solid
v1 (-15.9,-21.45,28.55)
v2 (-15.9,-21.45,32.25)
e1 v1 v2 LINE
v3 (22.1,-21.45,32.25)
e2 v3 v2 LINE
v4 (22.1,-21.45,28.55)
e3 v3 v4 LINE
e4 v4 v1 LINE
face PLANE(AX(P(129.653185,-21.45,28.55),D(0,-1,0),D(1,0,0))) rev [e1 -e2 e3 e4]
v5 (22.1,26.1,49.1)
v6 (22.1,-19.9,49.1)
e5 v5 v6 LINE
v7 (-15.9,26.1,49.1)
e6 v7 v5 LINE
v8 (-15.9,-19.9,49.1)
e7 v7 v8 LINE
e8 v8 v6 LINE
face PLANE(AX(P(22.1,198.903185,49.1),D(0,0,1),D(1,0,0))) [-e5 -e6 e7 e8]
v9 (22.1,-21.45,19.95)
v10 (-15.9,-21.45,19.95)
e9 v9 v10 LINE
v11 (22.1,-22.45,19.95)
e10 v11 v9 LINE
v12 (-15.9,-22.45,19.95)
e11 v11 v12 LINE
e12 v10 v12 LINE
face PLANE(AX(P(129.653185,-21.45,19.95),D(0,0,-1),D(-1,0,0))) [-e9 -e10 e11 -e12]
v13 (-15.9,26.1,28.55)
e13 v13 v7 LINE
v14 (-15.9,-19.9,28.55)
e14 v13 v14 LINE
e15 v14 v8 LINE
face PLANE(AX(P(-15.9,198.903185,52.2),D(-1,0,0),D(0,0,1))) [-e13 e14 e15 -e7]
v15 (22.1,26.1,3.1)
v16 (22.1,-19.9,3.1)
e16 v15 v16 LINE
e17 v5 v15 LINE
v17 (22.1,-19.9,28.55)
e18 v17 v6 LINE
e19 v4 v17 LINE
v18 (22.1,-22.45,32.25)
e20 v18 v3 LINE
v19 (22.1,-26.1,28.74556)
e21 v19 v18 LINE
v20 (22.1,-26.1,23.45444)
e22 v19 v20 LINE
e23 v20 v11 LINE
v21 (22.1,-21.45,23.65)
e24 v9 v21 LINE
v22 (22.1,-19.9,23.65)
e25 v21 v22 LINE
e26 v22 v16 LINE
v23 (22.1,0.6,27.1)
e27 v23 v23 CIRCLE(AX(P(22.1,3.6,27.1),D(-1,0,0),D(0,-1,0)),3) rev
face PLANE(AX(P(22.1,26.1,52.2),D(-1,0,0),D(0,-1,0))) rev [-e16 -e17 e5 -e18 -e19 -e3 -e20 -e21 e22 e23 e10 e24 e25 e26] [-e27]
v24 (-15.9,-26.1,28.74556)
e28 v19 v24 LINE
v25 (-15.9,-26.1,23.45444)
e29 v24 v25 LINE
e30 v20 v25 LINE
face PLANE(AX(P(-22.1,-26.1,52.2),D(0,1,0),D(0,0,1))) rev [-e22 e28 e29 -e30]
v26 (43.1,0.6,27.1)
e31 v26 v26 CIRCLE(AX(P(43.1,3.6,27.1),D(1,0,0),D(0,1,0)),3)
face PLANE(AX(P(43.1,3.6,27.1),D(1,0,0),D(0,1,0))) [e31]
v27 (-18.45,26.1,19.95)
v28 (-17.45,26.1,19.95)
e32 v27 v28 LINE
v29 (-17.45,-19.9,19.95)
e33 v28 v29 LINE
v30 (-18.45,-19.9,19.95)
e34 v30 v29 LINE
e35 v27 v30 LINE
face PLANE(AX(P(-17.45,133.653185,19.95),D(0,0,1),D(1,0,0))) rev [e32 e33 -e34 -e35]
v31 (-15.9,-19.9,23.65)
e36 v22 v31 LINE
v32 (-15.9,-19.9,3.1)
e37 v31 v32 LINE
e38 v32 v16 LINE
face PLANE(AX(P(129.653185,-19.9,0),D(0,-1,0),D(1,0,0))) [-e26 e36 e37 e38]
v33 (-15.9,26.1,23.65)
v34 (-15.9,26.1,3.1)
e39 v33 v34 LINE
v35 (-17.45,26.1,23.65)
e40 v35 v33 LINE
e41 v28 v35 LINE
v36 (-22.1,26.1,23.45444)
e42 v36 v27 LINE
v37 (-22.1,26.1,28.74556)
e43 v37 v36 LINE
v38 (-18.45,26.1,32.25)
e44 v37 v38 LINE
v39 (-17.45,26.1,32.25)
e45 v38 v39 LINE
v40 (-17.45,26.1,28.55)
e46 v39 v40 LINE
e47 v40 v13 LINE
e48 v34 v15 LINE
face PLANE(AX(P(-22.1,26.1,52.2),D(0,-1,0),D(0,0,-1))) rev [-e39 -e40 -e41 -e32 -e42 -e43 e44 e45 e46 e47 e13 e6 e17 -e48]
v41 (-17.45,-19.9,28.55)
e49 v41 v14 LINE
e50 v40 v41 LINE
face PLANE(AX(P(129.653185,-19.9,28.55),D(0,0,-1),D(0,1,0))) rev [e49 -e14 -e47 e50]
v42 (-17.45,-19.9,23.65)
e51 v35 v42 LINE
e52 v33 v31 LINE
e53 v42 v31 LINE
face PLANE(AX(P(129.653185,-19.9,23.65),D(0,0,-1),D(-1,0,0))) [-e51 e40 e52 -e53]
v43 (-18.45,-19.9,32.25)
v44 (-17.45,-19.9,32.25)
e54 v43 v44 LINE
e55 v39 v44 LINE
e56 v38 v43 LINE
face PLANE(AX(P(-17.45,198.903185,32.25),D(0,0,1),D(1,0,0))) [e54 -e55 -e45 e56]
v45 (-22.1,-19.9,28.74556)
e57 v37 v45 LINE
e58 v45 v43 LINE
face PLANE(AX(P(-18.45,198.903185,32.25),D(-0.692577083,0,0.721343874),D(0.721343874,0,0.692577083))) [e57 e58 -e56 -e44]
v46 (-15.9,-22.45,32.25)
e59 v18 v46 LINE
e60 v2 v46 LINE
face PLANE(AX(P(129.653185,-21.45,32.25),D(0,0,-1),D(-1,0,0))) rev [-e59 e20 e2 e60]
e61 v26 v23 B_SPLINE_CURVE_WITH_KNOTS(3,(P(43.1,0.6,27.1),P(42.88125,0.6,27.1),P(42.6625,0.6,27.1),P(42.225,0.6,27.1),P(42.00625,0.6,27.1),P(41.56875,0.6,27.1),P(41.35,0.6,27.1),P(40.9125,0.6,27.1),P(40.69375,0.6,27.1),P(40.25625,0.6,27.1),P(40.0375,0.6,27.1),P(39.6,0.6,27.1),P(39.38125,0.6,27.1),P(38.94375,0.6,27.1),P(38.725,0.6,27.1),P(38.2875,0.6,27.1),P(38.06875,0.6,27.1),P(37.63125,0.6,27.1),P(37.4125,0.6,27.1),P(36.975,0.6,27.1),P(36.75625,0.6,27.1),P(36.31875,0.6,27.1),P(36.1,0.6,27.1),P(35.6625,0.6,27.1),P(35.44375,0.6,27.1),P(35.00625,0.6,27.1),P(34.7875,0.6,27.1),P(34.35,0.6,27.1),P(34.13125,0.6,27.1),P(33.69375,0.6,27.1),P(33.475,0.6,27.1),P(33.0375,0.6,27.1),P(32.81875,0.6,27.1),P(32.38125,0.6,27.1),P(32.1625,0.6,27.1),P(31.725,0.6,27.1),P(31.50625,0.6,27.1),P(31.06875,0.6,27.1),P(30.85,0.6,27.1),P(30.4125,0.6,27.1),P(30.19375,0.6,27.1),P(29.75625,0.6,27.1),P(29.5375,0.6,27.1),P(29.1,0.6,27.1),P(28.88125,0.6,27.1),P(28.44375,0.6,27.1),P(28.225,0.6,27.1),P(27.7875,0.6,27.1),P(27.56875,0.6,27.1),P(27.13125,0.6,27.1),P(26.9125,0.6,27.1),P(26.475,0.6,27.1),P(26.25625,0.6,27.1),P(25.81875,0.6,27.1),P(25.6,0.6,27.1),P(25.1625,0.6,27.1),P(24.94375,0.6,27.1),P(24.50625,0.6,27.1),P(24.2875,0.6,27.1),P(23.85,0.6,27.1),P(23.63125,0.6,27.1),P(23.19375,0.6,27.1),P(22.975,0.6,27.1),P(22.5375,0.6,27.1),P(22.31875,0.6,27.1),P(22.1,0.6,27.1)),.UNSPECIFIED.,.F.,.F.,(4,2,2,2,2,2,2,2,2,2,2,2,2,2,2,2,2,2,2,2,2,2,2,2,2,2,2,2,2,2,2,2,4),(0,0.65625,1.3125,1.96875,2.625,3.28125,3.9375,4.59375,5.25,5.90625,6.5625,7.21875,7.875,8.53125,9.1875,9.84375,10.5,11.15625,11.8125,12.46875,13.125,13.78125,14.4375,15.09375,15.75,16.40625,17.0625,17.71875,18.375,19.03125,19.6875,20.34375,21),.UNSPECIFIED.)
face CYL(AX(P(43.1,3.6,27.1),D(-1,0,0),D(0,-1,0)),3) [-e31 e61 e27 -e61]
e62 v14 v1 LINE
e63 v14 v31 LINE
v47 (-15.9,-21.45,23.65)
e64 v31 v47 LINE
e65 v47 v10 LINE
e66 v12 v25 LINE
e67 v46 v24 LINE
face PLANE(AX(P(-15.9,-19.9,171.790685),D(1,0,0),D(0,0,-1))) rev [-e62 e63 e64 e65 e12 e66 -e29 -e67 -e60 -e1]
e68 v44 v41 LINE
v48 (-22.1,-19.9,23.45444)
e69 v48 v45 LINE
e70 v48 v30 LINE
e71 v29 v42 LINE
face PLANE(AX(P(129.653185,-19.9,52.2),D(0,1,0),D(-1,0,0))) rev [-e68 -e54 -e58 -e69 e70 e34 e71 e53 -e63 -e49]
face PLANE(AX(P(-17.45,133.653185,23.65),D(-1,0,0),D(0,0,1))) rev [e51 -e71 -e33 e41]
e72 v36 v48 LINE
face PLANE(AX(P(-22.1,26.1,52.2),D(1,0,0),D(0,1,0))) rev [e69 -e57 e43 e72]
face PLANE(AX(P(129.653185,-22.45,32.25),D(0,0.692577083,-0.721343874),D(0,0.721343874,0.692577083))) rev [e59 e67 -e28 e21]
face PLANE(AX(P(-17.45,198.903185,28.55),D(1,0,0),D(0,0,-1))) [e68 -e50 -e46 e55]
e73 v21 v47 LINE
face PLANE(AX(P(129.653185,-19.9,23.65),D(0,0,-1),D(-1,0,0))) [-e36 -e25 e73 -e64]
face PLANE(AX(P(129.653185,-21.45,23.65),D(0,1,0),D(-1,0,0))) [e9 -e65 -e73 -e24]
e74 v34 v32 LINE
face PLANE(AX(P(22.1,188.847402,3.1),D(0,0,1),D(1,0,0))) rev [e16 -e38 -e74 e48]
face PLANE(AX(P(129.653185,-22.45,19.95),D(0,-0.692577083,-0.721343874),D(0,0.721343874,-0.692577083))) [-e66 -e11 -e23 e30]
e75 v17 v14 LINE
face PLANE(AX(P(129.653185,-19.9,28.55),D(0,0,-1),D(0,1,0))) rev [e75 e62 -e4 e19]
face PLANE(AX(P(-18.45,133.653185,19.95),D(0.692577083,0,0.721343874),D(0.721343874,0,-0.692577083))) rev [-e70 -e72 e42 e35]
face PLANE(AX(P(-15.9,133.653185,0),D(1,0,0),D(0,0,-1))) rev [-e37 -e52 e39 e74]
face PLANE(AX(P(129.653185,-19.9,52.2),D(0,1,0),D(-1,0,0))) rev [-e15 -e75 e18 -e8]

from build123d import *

# Parameters (mm, degrees)
ESQUISSE1_W                  = 44.2
ESQUISSE1_H                  = 52.2
BOSS_EXTRU_1_DEPTH           = 52.2
ENL_V_MAT_EXTRU_2_DEPTH      = 74.209903702
ENL_V_MAT_EXTRU_2_DEPTH_BACK = 44.2
ENL_V_MAT_EXTRU_3_DEPTH      = 74.209903702
ENL_V_MAT_EXTRU_3_DEPTH_BACK = 44.2
ENL_V_MAT_EXTRU_4_DEPTH      = 78.059003368
ENL_V_MAT_EXTRU_4_DEPTH_BACK = 46
ENL_V_MAT_EXTRU_5_DEPTH      = 78.059003368
ENL_V_MAT_EXTRU_5_DEPTH_BACK = 46
ENL_V_MAT_EXTRU_7_DEPTH      = 45.550224466
ENL_V_MAT_EXTRU_7_DEPTH_BACK = 45.550224466
ENL_V_MAT_EXTRU_8_DEPTH      = 78.059003368
ENL_V_MAT_EXTRU_8_DEPTH_BACK = 46
ENL_V_MAT_EXTRU_9_DEPTH      = 75.993733072
ENL_V_MAT_EXTRU_9_DEPTH_BACK = 46
ESQUISSE13_R                 = 3
BOSS_EXTRU_2_DEPTH           = 21


with BuildPart() as part:
    # Esquisse1 → Boss.-Extru.1 (new body)
    with BuildSketch(Plane.XY):
        Rectangle(ESQUISSE1_W, ESQUISSE1_H)
    extrude(amount=BOSS_EXTRU_1_DEPTH)

    # Esquisse2 → Enlèv. mat.-Extru.2 (cut, two sides: drawn at the far end of the back side and taken through both)
    with BuildSketch(Plane(origin=(22.1, 0, 0), x_dir=(0, 0, -1), z_dir=(1, 0, 0)).offset(-ENL_V_MAT_EXTRU_2_DEPTH_BACK)):
        Polygon((-201.352290675, -19.9), (-52.2, -19.9), (-28.55, -19.9), (-28.55, -21.45), (-32.25, -21.45), (-32.25, -22.45), (-28.745559959, -26.1), (74.553898465, -133.690091099), (-39.180744024, -409.461834307), (-315.086933163, -295.671743208), align=None)
    extrude(amount=ENL_V_MAT_EXTRU_2_DEPTH + ENL_V_MAT_EXTRU_2_DEPTH_BACK, mode=Mode.SUBTRACT)

    # Esquisse3 → Enlèv. mat.-Extru.3 (cut, two sides: drawn at the far end of the back side and taken through both)
    with BuildSketch(Plane(origin=(22.1, 0, 0), x_dir=(0, 0, -1), z_dir=(1, 0, 0)).offset(-ENL_V_MAT_EXTRU_3_DEPTH_BACK)):
        Polygon((149.152290675, -19.9), (0, -19.9), (-23.65, -19.9), (-23.65, -21.45), (-19.95, -21.45), (-19.95, -22.45), (-23.454440041, -26.1), (-126.753898465, -133.690091099), (-13.019255976, -409.461834307), (262.886933163, -295.671743208), align=None)
    extrude(amount=ENL_V_MAT_EXTRU_3_DEPTH + ENL_V_MAT_EXTRU_3_DEPTH_BACK, mode=Mode.SUBTRACT)

    # Esquisse4 → Enlèv. mat.-Extru.4 (cut, two sides: drawn at the far end of the back side and taken through both)
    with BuildSketch(Plane(origin=(0, 26.1, 0), x_dir=(1, 0, 0), z_dir=(0, 1, 0)).offset(-ENL_V_MAT_EXTRU_4_DEPTH_BACK)):
        Polygon((-15.9, -191.333109619), (-15.9, -52.2), (-15.9, -28.55), (-17.45, -28.55), (-17.45, -32.25), (-18.45, -32.25), (-22.1, -28.745559959), (-122.462816227, 67.614843274), (-379.791464965, -38.281593439), (-273.228648738, -297.229546332), align=None)
    extrude(amount=ENL_V_MAT_EXTRU_4_DEPTH + ENL_V_MAT_EXTRU_4_DEPTH_BACK, mode=Mode.SUBTRACT)

    # Esquisse5 → Enlèv. mat.-Extru.5 (cut, two sides: drawn at the far end of the back side and taken through both)
    with BuildSketch(Plane(origin=(0, 26.1, 0), x_dir=(1, 0, 0), z_dir=(0, 1, 0)).offset(-ENL_V_MAT_EXTRU_5_DEPTH_BACK)):
        Polygon((-15.9, 139.133109619), (-15.9, 0), (-15.9, -23.65), (-17.45, -23.65), (-17.45, -19.95), (-18.45, -19.95), (-22.1, -23.454440041), (-122.462816228, -119.814843274), (-379.791464965, -13.918406561), (-273.228648738, 245.029546332), align=None)
    extrude(amount=ENL_V_MAT_EXTRU_5_DEPTH + ENL_V_MAT_EXTRU_5_DEPTH_BACK, mode=Mode.SUBTRACT)

    # Esquisse6 → Enlèv. mat.-Extru.7 (cut, two sides: drawn at the far end of the back side and taken through both)
    with BuildSketch(Plane.XY.offset(28.55).offset(-ENL_V_MAT_EXTRU_7_DEPTH_BACK)):
        Polygon((-161.22284167, -19.9), (-22.1, -19.9), (-15.9, -19.9), (-15.9, -26.093649616), (-15.9, -165.216491285), (-212.645110561, -361.97019968), (-357.967952231, -216.653708395), align=None)
    extrude(amount=ENL_V_MAT_EXTRU_7_DEPTH + ENL_V_MAT_EXTRU_7_DEPTH_BACK, mode=Mode.SUBTRACT)

    # Esquisse11 → Enlèv. mat.-Extru.8 (cut, two sides: drawn at the far end of the back side and taken through both)
    with BuildSketch(Plane(origin=(0, 26.1, 0), x_dir=(1, 0, 0), z_dir=(0, 1, 0)).offset(-ENL_V_MAT_EXTRU_8_DEPTH_BACK)):
        Polygon((164.227968273, -49.1), (22.1, -49.1), (-15.9, -49.1), (-158.027968273, -49.1), (-158.027968273, -333.355936546), (164.227968273, -333.355936546), align=None)
    extrude(amount=ENL_V_MAT_EXTRU_8_DEPTH + ENL_V_MAT_EXTRU_8_DEPTH_BACK, mode=Mode.SUBTRACT)

    # Esquisse12 → Enlèv. mat.-Extru.9 (cut, two sides: drawn at the far end of the back side and taken through both)
    with BuildSketch(Plane(origin=(0, 26.1, 0), x_dir=(1, 0, 0), z_dir=(0, 1, 0)).offset(-ENL_V_MAT_EXTRU_9_DEPTH_BACK)):
        Polygon((159.687460199, -3.1), (22.1, -3.1), (-15.9, -3.1), (-153.487460199, -3.1), (-153.487460199, 272.074920398), (159.687460199, 272.074920398), align=None)
    extrude(amount=ENL_V_MAT_EXTRU_9_DEPTH + ENL_V_MAT_EXTRU_9_DEPTH_BACK, mode=Mode.SUBTRACT)

    # Esquisse13 → Boss.-Extru.2 (add)
    with BuildSketch(Plane(origin=(22.1, 0, 0), x_dir=(0, 0, -1), z_dir=(1, 0, 0))):
        with Locations(Location((-27.1, 3.6, 0), (0, 0, 270))):
            Circle(ESQUISSE13_R)
    extrude(amount=BOSS_EXTRU_2_DEPTH)


solid = part.part
